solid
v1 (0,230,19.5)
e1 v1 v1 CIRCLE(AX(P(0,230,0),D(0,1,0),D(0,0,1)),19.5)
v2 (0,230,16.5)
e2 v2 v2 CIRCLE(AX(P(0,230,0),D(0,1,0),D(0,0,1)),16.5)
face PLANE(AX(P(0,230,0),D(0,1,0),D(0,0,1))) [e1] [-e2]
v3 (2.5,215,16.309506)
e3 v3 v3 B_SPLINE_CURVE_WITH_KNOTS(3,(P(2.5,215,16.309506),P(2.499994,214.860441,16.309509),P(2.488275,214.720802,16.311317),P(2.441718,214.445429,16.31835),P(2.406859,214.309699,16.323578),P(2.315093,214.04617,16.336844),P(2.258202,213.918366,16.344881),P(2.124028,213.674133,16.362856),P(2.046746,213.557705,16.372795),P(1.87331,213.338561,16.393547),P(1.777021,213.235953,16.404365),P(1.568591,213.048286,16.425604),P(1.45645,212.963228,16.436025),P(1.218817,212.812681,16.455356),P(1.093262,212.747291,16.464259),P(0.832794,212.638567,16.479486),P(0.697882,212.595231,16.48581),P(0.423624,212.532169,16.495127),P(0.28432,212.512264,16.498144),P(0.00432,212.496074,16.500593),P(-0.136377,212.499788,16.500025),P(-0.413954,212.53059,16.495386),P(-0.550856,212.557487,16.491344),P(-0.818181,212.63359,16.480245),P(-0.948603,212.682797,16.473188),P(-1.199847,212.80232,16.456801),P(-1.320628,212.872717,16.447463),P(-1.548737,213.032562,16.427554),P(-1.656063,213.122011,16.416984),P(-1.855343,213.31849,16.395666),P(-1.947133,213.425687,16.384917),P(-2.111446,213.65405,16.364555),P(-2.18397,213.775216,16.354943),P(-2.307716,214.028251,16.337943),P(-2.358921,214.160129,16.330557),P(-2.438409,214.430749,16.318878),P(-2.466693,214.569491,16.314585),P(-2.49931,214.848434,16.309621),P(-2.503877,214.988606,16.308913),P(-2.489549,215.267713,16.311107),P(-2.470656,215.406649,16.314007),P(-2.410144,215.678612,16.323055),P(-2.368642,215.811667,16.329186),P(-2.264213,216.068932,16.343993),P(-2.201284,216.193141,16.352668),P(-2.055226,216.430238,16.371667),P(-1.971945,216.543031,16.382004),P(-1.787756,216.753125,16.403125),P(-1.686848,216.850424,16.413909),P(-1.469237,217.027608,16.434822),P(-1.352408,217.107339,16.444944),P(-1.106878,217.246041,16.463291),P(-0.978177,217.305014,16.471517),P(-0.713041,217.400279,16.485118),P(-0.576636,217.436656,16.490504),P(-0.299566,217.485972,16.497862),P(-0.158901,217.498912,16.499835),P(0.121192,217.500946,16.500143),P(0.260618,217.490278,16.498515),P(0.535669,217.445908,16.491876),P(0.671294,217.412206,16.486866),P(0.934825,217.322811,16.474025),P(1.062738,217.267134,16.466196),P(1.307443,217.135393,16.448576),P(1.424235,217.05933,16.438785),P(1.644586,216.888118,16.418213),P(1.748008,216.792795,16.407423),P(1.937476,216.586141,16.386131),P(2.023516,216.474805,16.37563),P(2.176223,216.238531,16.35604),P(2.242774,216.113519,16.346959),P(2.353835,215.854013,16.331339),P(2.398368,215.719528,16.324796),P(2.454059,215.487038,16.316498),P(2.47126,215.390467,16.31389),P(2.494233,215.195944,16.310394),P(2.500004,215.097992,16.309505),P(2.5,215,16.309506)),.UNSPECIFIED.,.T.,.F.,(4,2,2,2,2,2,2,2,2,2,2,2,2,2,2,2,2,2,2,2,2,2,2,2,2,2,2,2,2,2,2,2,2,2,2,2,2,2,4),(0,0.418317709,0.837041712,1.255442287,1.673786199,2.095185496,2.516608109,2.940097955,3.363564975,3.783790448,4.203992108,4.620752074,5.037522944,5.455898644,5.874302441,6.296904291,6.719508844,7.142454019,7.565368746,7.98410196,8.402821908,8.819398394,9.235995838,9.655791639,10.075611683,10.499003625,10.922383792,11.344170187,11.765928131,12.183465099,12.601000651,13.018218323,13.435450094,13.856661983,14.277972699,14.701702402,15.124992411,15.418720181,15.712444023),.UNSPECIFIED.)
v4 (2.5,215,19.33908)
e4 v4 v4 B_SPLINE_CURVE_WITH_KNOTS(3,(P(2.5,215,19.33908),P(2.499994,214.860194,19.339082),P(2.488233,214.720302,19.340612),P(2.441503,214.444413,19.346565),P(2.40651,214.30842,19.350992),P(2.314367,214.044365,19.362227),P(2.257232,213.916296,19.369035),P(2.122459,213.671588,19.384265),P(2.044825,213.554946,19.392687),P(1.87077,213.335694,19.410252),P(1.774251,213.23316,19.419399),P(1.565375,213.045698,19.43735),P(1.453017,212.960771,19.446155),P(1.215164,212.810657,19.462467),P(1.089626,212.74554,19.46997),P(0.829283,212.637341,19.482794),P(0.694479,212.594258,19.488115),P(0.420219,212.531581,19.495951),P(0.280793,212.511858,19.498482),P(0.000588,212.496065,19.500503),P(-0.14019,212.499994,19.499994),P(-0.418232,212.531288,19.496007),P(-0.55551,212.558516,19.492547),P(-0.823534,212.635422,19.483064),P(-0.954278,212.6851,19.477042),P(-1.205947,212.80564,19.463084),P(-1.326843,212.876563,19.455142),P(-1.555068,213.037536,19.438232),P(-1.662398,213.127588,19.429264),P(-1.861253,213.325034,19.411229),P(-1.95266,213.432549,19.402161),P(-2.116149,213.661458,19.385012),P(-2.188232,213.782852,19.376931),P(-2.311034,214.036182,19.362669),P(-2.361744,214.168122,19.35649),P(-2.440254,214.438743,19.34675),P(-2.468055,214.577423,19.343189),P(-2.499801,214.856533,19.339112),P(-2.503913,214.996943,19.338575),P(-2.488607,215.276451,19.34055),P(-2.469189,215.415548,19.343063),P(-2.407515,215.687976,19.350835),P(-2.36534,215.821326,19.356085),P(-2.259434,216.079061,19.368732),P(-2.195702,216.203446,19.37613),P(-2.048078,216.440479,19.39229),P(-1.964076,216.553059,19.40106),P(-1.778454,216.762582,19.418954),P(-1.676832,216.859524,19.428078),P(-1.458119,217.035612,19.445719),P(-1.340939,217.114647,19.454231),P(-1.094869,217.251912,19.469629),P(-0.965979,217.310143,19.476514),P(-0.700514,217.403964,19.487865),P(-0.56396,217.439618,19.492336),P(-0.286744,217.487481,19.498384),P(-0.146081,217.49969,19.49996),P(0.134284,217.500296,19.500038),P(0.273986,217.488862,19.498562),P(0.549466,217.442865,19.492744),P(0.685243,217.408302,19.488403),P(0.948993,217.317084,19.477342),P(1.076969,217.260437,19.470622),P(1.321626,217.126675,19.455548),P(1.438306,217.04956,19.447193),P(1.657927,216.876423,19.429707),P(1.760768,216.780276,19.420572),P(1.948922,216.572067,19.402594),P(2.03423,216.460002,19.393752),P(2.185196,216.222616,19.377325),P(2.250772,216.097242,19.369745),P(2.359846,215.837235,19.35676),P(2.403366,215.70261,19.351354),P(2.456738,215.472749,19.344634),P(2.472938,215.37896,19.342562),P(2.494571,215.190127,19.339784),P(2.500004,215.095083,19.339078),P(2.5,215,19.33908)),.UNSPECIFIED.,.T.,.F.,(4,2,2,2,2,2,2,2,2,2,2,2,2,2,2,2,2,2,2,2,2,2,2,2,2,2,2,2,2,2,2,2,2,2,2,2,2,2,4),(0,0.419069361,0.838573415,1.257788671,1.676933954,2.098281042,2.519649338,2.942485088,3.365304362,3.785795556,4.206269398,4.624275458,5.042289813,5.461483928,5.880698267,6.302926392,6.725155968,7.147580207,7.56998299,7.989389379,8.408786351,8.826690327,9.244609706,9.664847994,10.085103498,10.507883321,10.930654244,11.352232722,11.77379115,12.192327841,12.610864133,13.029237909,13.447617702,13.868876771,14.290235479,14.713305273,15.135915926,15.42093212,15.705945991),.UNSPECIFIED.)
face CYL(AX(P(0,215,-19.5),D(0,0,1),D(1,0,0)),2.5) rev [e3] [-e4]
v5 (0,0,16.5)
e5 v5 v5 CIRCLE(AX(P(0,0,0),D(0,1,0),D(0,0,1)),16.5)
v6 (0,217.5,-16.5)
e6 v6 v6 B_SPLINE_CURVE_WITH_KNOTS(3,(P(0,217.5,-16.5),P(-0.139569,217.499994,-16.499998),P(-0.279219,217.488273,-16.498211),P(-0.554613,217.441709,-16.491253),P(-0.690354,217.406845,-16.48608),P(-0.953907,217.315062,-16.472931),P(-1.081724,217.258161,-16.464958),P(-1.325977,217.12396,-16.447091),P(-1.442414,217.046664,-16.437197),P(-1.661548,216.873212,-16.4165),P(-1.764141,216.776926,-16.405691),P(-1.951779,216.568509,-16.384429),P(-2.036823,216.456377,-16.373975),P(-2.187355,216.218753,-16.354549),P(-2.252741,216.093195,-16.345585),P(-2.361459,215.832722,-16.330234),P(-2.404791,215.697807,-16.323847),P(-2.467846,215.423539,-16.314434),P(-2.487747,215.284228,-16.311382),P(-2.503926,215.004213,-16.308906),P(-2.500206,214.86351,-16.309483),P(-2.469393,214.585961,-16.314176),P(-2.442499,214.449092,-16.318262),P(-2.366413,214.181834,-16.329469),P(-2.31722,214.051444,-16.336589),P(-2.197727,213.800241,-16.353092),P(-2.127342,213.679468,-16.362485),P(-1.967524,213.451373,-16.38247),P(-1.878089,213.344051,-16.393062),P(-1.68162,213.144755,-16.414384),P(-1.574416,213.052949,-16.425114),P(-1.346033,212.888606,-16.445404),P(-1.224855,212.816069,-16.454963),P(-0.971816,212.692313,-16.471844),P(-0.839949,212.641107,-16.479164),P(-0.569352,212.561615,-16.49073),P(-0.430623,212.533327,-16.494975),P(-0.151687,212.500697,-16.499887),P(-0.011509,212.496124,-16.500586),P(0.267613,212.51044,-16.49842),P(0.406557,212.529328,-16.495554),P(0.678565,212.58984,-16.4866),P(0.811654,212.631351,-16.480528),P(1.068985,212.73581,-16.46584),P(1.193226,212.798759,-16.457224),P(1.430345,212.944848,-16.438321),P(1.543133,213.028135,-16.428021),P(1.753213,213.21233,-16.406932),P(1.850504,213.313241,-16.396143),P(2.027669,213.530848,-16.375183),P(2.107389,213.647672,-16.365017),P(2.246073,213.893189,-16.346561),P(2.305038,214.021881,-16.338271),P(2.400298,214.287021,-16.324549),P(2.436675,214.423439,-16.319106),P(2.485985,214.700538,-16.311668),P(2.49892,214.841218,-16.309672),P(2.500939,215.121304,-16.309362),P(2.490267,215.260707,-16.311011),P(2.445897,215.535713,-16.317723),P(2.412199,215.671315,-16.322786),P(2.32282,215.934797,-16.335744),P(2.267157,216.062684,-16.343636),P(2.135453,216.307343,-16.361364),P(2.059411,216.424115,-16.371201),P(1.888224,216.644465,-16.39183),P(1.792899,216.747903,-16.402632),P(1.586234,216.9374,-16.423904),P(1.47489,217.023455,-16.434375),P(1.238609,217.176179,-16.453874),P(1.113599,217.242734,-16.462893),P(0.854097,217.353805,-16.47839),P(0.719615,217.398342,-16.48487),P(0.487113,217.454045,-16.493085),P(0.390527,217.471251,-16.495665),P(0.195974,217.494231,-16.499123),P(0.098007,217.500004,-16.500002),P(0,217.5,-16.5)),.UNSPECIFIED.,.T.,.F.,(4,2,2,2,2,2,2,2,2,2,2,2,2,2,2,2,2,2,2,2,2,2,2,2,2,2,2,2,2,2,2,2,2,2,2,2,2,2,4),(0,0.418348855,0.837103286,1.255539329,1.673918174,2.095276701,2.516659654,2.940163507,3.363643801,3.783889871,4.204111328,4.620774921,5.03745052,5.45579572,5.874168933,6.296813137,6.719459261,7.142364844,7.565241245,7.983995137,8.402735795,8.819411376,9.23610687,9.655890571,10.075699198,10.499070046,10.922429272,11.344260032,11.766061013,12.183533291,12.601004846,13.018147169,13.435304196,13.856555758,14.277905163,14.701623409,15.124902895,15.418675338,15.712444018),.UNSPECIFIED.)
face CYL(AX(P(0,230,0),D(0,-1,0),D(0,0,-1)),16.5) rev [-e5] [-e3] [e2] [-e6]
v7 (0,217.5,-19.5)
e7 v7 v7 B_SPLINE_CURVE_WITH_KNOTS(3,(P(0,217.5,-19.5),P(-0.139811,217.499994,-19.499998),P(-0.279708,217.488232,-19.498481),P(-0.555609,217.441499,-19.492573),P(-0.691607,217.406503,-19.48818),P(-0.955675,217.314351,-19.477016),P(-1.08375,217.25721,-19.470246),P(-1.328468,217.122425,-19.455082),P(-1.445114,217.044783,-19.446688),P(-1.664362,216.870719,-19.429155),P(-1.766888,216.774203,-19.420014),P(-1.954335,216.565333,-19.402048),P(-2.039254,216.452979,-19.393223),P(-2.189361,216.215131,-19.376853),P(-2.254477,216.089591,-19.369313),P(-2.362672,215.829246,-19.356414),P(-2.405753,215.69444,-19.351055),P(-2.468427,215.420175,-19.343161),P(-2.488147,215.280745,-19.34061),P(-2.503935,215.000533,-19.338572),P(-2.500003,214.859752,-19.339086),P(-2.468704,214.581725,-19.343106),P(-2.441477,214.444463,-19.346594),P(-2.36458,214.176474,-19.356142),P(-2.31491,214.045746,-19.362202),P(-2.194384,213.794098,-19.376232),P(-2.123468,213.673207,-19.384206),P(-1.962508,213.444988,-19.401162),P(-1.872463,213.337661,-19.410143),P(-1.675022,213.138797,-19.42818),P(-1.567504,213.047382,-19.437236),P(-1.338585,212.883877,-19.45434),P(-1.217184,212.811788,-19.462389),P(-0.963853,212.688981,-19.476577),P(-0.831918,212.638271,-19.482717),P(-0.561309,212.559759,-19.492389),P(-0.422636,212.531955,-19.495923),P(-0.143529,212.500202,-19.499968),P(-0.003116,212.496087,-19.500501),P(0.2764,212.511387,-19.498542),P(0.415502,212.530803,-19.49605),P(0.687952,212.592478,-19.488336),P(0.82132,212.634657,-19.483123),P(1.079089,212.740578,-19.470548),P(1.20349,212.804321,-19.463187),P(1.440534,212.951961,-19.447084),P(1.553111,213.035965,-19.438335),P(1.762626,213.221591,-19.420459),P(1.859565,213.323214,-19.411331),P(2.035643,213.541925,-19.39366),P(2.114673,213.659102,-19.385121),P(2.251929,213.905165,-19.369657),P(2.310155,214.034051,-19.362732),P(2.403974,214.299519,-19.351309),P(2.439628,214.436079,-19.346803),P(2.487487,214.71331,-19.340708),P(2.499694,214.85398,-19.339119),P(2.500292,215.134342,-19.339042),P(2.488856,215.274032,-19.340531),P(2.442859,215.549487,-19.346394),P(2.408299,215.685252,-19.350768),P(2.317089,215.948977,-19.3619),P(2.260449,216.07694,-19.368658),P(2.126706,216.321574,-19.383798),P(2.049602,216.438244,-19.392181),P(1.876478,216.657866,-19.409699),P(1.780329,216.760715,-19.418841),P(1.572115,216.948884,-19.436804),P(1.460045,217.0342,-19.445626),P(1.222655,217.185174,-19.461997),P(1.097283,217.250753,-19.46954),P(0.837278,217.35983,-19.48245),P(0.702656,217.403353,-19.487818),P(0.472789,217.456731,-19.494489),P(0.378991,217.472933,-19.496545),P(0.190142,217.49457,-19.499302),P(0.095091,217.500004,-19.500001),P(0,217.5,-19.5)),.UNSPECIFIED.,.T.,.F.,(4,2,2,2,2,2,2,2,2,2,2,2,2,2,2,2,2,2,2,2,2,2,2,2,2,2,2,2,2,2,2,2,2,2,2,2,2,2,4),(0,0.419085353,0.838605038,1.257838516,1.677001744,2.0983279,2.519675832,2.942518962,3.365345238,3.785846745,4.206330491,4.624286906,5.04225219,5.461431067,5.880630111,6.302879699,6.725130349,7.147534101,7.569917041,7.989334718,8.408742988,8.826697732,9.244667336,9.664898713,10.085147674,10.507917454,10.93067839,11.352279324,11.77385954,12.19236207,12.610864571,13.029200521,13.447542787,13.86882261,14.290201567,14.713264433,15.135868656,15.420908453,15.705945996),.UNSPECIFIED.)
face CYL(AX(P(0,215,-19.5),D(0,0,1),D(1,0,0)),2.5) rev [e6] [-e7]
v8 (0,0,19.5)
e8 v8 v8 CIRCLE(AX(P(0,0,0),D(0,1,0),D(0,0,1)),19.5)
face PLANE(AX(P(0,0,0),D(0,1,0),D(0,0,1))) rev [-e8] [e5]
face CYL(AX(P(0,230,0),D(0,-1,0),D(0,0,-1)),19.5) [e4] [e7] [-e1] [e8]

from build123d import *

# Parameters (mm, degrees)
SKETCH_1_R               = 19.5
SKETCH_1_R_2             = 16.5
EXTRUDE_1_DEPTH          = 230
SKETCH_2_R               = 2.5
CUT_EXTRUDE_1_DEPTH      = 20.5
CUT_EXTRUDE_1_DEPTH_BACK = 20.5


with BuildPart() as part:
    # 草图1 → 凸台-拉伸1 (new body)
    with BuildSketch(Plane(origin=(0, 0, 0), x_dir=(1, 0, 0), z_dir=(0, 1, 0))):
        Circle(SKETCH_1_R)
        Circle(SKETCH_1_R_2, mode=Mode.SUBTRACT)
    extrude(amount=EXTRUDE_1_DEPTH)

    # 草图2 → 切除-拉伸1 (cut, two sides)
    with BuildSketch(Plane.XY) as cut_extrude_1_sk:
        with Locations((0, 215)):
            Circle(SKETCH_2_R)
    extrude(amount=CUT_EXTRUDE_1_DEPTH, mode=Mode.SUBTRACT)
    extrude(cut_extrude_1_sk.sketch, amount=-CUT_EXTRUDE_1_DEPTH_BACK, mode=Mode.SUBTRACT)


solid = part.part
